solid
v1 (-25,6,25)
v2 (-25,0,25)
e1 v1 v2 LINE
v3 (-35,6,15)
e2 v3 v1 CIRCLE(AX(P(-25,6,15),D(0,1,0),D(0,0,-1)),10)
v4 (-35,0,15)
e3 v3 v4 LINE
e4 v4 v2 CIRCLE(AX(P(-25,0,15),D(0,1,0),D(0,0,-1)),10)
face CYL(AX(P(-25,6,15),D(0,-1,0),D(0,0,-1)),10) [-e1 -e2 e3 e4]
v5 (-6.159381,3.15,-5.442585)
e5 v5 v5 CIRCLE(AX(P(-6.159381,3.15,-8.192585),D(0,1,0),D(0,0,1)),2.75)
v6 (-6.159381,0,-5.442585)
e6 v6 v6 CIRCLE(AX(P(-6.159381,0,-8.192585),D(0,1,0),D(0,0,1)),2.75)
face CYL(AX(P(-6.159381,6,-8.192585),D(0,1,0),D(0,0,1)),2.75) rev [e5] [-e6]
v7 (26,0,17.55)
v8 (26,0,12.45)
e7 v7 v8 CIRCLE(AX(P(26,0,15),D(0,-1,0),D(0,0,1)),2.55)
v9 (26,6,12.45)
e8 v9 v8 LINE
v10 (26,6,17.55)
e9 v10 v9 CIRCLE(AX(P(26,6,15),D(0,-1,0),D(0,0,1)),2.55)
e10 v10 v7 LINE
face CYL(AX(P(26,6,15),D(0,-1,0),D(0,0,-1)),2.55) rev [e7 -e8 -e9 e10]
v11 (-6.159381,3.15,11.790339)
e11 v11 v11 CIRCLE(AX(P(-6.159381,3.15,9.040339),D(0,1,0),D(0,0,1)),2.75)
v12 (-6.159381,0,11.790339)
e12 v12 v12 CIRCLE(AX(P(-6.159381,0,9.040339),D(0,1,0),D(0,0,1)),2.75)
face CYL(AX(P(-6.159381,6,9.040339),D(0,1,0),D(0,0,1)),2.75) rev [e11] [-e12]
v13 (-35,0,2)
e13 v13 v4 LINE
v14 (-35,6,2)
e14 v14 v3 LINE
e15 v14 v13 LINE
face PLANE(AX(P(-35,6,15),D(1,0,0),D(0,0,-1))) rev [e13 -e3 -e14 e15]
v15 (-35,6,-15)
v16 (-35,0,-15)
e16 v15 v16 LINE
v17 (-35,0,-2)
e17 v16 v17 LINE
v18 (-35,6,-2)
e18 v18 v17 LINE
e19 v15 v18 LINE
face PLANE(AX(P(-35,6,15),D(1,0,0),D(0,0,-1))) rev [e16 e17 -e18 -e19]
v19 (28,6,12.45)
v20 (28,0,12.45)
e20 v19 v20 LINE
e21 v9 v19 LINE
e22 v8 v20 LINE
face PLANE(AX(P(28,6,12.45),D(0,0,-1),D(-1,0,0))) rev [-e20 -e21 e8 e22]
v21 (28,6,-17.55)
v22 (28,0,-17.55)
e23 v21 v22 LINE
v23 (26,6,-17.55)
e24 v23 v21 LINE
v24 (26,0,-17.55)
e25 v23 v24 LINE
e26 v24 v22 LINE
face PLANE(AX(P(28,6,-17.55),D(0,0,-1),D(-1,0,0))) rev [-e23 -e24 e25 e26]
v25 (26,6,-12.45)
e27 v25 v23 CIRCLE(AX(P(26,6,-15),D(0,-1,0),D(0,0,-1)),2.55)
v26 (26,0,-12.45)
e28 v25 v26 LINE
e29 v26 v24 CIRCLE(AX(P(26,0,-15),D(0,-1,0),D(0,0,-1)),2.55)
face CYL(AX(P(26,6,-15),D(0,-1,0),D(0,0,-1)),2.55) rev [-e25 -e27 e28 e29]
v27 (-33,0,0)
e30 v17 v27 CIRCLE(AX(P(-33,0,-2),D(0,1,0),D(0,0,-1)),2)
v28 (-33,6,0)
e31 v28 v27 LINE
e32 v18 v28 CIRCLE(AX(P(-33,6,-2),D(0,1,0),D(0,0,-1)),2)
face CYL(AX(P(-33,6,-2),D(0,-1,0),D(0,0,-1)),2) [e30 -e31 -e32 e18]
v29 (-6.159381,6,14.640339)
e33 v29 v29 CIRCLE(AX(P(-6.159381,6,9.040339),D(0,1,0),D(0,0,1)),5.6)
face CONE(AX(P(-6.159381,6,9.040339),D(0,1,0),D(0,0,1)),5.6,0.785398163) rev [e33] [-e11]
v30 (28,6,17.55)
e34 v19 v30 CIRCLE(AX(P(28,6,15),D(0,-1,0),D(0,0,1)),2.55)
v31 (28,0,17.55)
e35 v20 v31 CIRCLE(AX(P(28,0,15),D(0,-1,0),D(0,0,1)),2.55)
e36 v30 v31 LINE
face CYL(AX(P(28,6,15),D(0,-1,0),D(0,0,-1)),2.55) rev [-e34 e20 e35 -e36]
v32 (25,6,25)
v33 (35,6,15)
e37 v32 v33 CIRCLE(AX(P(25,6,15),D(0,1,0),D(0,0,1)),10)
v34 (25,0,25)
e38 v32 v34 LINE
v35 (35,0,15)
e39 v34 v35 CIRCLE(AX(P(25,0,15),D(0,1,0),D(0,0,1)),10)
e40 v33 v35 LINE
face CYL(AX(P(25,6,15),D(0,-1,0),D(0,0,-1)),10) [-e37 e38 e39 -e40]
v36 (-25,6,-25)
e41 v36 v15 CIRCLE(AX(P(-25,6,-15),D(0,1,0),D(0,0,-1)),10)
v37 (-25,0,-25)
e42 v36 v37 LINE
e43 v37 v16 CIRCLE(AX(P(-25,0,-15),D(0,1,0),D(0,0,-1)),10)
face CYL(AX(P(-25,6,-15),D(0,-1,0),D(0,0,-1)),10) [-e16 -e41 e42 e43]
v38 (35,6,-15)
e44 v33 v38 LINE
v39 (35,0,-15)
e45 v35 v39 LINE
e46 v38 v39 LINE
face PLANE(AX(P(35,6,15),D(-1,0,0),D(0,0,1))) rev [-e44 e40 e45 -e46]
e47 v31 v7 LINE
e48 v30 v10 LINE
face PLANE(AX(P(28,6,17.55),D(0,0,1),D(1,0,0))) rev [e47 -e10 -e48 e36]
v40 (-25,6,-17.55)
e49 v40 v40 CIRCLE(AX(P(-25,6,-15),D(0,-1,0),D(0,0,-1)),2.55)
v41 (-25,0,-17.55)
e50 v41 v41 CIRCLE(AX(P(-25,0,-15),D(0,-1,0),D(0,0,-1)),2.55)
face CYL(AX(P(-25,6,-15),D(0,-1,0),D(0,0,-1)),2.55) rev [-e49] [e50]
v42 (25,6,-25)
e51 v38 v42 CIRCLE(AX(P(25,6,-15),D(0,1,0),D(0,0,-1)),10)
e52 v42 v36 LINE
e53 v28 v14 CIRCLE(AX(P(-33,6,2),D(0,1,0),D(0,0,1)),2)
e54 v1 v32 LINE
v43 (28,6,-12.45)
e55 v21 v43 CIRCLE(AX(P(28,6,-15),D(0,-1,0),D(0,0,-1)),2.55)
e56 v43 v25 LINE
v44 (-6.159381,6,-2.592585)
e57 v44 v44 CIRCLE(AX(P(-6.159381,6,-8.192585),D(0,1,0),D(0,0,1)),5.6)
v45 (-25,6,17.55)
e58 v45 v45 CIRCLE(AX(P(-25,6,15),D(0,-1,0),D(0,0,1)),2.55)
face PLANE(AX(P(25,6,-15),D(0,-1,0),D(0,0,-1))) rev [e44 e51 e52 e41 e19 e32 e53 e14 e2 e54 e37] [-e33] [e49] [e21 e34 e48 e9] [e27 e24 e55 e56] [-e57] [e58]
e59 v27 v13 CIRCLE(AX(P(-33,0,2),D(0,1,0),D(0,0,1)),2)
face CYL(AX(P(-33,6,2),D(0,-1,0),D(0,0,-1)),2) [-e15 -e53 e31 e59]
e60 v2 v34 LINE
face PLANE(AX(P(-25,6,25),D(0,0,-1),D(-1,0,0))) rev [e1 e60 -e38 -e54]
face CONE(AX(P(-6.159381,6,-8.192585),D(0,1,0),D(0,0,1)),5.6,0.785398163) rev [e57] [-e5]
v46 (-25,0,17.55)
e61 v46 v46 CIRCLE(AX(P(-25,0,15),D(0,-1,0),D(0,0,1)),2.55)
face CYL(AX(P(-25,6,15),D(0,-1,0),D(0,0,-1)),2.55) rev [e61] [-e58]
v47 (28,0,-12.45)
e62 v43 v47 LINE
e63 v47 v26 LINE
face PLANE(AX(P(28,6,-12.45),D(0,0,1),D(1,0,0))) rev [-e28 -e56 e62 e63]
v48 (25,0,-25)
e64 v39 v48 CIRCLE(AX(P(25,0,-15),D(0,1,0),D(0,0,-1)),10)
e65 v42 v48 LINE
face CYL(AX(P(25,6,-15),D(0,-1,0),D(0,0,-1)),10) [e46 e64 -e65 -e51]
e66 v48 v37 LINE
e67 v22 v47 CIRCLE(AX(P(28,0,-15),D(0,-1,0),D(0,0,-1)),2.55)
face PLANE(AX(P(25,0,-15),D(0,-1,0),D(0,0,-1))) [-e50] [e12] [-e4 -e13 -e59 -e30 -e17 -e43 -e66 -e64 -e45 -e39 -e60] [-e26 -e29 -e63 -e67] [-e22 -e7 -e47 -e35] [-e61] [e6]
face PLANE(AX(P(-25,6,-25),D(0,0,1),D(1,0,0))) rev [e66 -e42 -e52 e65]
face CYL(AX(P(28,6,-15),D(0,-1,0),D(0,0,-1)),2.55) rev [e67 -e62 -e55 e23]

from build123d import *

# Parameters (mm, degrees)
EXTRUDE_1_DEPTH             = 6
SKETCH_2_R                  = 2.55
CUT_EXTRUDE_1_DEPTH         = 7
CUT_EXTRUDE_2_DEPTH         = 7
HOLE_WIZARD_M52_D           = 5.5
HOLE_WIZARD_M52_CSINK_D     = 11.2
HOLE_WIZARD_M52_CSINK_ANGLE = 90


with BuildPart() as part:
    # Эскиз1 → Бобышка-Вытянуть1 (new body)
    with BuildSketch(Plane(origin=(0, 0, 0), x_dir=(1, 0, 0), z_dir=(0, 1, 0))):
        with BuildLine():
            Line((-25, -25), (25, -25))
            ThreePointArc((25, -25), (32.071067812, -22.071067812), (35, -15))
            Line((35, -15), (35, 15))
            ThreePointArc((35, 15), (32.071067812, 22.071067812), (25, 25))
            Line((25, 25), (-25, 25))
            ThreePointArc((-25, 25), (-32.071067812, 22.071067812), (-35, 15))
            Line((-35, 15), (-35, -15))
            ThreePointArc((-35, -15), (-32.071067812, -22.071067812), (-25, -25))
        make_face()
    extrude(amount=EXTRUDE_1_DEPTH)

    # Эскиз2 → Вырез-Вытянуть1 (cut, through all)
    with BuildSketch(Plane.XZ):
        with Locations((-25, -15)):
            Circle(SKETCH_2_R)
        with Locations((-25, 15)):
            Circle(SKETCH_2_R)
        with BuildLine():
            Line((28, -17.55), (26, -17.55))
            ThreePointArc((26, -17.55), (23.45, -15), (26, -12.45))
            Line((26, -12.45), (28, -12.45))
            ThreePointArc((28, -12.45), (30.55, -15), (28, -17.55))
        make_face()
        with BuildLine():
            Line((28, 17.55), (26, 17.55))
            ThreePointArc((26, 17.55), (23.45, 15), (26, 12.45))
            Line((26, 12.45), (28, 12.45))
            ThreePointArc((28, 12.45), (30.55, 15), (28, 17.55))
        make_face()
    extrude(amount=-CUT_EXTRUDE_1_DEPTH, mode=Mode.SUBTRACT)

    # Эскиз3 → Вырез-Вытянуть2 (cut, through all)
    with BuildSketch(Plane.XZ):
        with BuildLine():
            Line((-35, -2), (-35, 2))
            ThreePointArc((-35, 2), (-34.414213562, 0.585786438), (-33, 0))
            ThreePointArc((-33, 0), (-34.414213562, -0.585786438), (-35, -2))
        make_face()
    extrude(amount=-CUT_EXTRUDE_2_DEPTH, mode=Mode.SUBTRACT)

    # Зенковка для  винта с потайной головкой с внутренним шестигранником M52 (through all)
    with Locations(Plane(origin=(0, 6, 0), x_dir=(1, 0, 0), z_dir=(0, 1, 0))):
        with Locations((-6.159381211, -9.040339254), (-6.159381211, 8.192585184)):
            CounterSinkHole(HOLE_WIZARD_M52_D / 2, HOLE_WIZARD_M52_CSINK_D / 2, counter_sink_angle=HOLE_WIZARD_M52_CSINK_ANGLE)


solid = part.part
